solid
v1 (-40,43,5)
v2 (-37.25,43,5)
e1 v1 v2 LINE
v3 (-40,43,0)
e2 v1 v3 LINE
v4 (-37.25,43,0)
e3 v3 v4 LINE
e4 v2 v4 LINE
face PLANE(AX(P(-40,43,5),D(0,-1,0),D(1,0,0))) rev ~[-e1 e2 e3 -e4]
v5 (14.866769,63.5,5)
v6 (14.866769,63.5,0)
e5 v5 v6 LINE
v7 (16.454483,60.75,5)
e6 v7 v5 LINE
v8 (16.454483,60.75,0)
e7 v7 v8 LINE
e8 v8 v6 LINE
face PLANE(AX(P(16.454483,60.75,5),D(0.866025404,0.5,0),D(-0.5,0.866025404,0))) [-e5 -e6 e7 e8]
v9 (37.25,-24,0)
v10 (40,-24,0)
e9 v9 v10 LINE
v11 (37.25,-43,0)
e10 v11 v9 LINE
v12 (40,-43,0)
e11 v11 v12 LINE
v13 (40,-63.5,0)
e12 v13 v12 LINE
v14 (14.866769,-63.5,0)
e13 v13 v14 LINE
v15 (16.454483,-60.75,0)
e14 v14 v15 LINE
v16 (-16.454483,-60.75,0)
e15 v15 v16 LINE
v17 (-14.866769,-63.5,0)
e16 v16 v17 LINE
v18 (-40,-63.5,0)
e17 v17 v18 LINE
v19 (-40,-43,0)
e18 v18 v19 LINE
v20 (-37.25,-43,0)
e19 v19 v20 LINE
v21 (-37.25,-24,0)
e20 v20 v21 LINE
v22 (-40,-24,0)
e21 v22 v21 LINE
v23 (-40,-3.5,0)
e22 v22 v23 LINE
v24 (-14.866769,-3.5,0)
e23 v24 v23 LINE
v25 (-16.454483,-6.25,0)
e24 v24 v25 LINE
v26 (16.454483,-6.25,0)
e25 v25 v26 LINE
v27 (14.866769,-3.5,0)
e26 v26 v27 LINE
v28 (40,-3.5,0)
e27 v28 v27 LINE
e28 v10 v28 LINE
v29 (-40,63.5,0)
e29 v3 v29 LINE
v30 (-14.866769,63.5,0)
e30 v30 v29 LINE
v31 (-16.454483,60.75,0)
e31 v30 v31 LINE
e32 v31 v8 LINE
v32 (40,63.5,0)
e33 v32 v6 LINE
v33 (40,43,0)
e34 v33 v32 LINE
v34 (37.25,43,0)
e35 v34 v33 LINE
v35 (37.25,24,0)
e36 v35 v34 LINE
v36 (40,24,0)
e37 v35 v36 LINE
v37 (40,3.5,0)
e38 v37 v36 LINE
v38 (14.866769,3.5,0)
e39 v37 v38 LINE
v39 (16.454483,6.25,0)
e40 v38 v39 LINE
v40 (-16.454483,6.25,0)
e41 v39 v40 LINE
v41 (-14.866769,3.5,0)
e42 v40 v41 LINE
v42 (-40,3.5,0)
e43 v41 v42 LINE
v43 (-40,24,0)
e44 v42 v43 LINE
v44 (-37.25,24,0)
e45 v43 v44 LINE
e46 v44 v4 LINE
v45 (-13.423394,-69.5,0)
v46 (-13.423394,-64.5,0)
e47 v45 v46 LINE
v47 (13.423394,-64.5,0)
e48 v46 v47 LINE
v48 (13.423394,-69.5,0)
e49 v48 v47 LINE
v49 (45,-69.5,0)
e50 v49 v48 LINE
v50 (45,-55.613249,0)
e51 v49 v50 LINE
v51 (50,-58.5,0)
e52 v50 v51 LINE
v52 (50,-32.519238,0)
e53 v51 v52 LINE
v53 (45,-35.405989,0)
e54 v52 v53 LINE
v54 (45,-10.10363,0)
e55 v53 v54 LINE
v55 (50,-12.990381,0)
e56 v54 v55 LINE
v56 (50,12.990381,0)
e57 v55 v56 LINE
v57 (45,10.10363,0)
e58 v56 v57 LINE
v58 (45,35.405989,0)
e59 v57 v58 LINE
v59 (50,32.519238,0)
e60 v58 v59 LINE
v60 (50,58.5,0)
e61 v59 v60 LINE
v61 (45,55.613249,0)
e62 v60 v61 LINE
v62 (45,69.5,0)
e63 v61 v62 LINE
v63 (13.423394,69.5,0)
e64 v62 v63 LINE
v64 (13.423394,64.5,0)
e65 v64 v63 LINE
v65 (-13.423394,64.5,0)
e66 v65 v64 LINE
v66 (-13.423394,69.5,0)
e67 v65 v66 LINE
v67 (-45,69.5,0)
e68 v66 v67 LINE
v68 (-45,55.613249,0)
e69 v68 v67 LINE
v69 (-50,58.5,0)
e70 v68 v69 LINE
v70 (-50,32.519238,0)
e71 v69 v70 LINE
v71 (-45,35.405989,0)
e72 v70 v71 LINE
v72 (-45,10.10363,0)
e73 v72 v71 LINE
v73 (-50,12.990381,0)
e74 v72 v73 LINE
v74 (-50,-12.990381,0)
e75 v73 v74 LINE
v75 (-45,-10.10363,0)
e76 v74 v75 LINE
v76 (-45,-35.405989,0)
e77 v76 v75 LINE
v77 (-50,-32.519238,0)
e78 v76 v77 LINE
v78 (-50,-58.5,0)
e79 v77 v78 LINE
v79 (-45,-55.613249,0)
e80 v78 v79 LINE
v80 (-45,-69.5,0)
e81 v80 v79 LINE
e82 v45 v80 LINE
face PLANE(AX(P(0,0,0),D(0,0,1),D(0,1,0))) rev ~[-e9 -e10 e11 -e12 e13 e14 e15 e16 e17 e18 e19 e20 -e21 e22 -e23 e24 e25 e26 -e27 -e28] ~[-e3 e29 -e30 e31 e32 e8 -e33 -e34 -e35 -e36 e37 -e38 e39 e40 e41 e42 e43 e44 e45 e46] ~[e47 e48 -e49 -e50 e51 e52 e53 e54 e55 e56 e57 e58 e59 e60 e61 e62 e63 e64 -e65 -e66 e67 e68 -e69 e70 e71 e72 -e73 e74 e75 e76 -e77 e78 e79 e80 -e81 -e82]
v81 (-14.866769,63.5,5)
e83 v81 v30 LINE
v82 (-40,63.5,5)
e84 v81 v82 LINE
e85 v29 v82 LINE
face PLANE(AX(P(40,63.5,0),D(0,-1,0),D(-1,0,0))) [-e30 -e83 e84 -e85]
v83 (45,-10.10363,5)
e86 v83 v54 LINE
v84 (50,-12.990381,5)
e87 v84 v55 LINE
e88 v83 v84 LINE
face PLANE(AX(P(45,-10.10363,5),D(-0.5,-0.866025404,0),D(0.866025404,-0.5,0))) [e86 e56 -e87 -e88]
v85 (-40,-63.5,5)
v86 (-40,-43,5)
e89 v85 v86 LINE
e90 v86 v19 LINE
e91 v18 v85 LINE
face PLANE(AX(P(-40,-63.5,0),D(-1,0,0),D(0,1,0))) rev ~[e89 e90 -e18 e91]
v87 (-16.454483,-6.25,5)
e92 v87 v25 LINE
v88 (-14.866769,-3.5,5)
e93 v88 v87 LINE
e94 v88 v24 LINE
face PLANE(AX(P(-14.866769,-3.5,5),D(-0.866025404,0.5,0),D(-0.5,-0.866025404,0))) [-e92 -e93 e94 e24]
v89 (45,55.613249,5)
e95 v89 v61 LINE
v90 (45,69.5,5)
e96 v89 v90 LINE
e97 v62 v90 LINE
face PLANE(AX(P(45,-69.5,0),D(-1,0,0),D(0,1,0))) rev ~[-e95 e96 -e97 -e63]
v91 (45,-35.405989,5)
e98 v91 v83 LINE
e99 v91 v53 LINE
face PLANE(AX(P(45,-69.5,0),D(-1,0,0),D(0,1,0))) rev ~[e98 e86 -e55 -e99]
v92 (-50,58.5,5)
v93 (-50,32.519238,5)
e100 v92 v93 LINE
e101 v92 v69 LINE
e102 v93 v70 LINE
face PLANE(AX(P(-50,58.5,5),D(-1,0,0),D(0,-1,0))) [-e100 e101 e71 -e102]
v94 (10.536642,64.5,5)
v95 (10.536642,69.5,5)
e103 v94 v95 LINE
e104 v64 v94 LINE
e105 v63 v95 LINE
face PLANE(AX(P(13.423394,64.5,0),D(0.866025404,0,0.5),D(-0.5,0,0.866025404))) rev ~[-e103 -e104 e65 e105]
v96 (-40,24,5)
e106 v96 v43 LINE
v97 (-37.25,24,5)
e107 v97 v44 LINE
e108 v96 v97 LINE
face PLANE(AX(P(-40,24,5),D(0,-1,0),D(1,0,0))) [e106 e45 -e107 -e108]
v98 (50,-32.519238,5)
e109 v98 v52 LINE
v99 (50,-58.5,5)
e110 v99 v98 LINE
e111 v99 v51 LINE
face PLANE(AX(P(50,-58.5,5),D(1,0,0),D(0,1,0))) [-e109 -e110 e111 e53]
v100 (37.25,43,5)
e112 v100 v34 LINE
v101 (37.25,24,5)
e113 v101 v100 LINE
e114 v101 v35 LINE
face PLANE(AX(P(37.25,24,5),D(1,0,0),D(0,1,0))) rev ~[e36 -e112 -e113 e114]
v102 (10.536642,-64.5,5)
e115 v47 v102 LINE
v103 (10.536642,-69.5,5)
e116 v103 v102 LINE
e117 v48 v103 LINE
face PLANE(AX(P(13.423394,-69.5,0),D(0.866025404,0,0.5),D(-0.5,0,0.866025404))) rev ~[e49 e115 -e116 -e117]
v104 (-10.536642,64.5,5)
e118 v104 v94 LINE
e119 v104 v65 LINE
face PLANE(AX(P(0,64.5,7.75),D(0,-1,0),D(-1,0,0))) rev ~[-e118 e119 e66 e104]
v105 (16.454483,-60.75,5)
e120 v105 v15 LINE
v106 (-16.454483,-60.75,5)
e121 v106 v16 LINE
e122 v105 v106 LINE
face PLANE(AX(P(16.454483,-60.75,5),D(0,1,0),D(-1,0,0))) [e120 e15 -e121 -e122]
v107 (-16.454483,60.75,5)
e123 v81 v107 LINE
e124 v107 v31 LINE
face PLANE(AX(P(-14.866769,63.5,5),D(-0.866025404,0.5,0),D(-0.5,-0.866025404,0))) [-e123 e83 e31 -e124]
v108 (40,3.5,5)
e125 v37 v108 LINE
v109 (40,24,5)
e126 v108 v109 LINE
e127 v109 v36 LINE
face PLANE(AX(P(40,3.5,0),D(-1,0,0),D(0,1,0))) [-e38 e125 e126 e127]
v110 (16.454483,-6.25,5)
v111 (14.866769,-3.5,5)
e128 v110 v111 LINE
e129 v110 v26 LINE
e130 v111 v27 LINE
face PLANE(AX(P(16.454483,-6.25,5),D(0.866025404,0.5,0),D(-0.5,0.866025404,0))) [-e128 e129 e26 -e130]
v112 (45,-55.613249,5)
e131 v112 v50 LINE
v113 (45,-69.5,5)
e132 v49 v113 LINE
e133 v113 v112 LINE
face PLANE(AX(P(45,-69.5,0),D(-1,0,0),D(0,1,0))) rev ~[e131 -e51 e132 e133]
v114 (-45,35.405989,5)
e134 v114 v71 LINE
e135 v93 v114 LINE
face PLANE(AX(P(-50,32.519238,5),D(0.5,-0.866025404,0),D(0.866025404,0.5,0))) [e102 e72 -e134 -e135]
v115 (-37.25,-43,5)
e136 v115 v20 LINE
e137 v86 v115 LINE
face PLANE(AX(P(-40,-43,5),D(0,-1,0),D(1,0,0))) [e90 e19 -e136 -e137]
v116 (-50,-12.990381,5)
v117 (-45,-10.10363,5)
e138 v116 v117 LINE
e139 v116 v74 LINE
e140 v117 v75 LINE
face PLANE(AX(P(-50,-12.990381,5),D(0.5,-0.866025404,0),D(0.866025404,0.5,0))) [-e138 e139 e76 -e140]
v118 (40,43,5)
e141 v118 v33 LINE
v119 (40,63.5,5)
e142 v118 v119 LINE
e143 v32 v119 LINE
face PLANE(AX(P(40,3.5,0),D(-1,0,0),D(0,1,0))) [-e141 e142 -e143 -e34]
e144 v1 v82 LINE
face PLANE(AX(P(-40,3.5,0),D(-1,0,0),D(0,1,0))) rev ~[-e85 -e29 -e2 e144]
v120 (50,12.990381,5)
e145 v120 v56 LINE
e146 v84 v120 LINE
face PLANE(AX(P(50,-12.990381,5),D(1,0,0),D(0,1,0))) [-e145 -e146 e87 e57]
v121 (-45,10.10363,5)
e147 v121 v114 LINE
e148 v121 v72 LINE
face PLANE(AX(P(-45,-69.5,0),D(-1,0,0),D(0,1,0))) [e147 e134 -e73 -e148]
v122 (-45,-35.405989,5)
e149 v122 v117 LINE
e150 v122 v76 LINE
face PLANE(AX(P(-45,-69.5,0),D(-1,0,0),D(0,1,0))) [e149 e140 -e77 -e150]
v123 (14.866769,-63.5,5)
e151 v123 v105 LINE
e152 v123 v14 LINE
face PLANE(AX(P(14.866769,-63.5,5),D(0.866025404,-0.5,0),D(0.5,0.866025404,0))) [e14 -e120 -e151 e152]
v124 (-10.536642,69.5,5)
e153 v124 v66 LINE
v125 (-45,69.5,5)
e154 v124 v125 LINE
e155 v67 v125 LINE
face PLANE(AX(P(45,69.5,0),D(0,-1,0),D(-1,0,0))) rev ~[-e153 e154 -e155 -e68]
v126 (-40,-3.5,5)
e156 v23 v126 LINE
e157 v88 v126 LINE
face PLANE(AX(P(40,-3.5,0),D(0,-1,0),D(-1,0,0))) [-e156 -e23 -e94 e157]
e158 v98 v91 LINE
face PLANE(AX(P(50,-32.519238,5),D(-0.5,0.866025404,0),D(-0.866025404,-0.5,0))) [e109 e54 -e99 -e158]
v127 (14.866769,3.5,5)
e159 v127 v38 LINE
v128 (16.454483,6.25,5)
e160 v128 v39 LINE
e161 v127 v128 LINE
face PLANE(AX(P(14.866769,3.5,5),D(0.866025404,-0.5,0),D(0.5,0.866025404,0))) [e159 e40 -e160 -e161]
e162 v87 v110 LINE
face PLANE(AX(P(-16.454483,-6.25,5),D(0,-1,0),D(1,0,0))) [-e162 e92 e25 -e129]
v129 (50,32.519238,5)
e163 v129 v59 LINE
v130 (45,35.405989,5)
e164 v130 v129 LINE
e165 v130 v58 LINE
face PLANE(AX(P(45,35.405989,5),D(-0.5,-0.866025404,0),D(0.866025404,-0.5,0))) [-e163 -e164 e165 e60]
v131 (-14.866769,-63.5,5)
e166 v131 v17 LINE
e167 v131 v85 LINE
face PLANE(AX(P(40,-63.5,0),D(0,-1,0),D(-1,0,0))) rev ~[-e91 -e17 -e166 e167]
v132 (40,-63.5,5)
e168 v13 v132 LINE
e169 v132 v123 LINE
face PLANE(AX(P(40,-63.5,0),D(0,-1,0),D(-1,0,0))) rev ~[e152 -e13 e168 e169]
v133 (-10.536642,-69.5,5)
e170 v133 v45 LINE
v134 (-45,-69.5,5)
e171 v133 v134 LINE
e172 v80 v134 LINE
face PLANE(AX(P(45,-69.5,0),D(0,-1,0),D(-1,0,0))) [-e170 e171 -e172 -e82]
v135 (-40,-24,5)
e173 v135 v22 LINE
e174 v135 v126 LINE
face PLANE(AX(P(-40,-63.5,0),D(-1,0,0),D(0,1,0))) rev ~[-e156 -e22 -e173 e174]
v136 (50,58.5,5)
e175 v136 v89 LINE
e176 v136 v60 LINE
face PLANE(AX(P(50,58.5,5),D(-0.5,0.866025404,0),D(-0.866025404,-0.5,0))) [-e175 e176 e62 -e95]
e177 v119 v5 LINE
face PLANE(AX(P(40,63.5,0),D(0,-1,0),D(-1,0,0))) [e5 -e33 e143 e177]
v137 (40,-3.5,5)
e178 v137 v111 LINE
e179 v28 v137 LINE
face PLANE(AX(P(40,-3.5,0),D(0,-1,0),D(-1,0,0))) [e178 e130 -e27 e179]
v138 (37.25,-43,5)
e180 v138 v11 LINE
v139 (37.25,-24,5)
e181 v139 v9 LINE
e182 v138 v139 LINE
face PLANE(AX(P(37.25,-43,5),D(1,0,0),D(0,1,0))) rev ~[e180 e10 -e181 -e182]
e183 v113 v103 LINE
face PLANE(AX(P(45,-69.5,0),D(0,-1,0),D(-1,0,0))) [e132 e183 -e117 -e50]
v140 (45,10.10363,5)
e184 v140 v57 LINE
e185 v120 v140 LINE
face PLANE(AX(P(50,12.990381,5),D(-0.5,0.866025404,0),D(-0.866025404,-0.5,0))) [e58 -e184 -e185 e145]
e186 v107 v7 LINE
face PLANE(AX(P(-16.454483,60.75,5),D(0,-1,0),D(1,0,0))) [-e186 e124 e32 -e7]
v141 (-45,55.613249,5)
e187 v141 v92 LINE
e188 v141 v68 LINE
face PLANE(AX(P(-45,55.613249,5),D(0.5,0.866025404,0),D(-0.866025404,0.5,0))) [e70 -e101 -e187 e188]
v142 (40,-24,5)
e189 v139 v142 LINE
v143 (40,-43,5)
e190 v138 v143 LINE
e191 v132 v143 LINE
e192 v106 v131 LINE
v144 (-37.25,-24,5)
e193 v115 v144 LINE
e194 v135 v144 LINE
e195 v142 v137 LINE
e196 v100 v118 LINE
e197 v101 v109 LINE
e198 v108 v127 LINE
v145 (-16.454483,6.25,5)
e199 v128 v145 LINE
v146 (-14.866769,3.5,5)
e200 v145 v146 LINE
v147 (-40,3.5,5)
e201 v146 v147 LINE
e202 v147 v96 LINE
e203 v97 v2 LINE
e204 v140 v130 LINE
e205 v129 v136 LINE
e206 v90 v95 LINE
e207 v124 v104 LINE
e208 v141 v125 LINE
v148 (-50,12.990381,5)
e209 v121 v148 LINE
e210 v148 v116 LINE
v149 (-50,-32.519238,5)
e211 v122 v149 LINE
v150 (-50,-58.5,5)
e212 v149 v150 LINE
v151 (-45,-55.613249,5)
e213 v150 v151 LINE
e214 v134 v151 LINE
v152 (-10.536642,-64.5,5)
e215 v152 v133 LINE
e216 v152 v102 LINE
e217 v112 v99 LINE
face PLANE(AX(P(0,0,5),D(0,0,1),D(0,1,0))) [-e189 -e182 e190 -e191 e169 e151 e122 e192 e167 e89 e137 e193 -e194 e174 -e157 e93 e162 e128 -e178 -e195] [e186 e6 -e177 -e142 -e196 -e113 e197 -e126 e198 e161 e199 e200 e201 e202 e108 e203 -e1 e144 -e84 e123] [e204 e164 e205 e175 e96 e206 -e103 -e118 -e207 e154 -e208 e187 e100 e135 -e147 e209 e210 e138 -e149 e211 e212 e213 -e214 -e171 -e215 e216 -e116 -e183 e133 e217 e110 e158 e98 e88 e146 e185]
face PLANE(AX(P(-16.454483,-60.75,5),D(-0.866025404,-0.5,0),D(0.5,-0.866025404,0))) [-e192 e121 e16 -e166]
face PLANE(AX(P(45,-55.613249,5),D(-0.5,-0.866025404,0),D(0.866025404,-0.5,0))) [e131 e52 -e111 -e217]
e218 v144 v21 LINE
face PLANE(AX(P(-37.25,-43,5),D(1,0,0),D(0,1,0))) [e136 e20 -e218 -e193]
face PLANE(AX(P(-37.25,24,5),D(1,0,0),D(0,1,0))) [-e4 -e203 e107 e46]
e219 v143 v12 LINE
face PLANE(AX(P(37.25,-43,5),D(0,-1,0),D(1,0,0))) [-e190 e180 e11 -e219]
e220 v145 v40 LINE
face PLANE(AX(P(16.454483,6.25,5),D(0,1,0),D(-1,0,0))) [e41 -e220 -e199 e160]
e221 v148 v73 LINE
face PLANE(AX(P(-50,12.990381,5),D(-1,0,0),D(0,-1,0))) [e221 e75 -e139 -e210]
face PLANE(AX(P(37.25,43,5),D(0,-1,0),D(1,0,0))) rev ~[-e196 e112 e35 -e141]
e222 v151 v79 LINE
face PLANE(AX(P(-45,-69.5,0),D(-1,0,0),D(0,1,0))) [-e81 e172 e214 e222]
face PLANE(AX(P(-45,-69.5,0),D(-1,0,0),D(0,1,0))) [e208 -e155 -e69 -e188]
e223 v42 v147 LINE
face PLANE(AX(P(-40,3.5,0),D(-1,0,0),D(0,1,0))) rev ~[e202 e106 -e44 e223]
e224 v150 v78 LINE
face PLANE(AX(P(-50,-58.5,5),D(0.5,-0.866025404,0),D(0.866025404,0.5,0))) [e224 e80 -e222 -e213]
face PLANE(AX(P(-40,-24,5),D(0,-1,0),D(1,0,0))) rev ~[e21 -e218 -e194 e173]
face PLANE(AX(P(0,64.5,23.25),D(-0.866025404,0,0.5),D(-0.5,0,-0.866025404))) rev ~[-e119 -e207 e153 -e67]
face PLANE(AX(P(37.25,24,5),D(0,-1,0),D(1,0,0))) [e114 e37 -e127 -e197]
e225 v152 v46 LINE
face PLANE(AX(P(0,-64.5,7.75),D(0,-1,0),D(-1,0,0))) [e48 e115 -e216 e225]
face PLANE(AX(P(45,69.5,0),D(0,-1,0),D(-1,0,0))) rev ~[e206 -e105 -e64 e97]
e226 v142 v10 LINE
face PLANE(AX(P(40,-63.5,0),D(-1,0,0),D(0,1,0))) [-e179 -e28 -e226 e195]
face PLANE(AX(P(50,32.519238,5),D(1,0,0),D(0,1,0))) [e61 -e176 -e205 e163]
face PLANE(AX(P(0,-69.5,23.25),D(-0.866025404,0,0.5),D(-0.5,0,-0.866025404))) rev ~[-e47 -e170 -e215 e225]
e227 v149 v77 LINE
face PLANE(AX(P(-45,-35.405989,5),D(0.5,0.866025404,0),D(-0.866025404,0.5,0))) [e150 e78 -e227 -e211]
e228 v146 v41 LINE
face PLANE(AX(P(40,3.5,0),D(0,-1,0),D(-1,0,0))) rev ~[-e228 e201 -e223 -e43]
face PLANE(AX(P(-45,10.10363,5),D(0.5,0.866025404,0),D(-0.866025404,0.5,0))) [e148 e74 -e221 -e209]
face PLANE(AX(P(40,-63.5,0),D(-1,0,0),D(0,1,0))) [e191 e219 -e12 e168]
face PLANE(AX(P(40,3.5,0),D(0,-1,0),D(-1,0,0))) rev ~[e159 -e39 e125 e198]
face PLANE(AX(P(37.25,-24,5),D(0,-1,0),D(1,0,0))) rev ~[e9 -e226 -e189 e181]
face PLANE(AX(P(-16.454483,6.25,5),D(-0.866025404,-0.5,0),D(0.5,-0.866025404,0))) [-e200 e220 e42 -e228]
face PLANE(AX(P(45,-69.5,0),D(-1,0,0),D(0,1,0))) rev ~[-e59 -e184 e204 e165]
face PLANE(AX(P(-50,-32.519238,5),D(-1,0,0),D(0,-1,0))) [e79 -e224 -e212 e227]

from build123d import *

# Parameters (mm, degrees)
SKETCH2_W           = 139
SKETCH2_H           = 90
SKETCH2_W_2         = 60
SKETCH2_H_2         = 80
BOSS_EXTRUDE1_DEPTH = 5
CUT_EXTRUDE5_DEPTH  = 5
CUT_EXTRUDE6_START  = 134
CUT_EXTRUDE6_DEPTH  = 5
SKETCH12_W          = 2.75
SKETCH12_H          = 19
BOSS_EXTRUDE2_DEPTH = 5


with BuildPart() as part:
    # Sketch2 → Boss-Extrude1 (new body)
    with BuildSketch(Plane(origin=(0, 0, 0), x_dir=(0, 1, 0), z_dir=(0, 0, 1))):
        Rectangle(SKETCH2_W, SKETCH2_H)
        with Locations((33.5, 0)):
            Rectangle(SKETCH2_W_2, SKETCH2_H_2, mode=Mode.SUBTRACT)
        with Locations((-33.5, 0)):
            Rectangle(SKETCH2_W_2, SKETCH2_H_2, mode=Mode.SUBTRACT)
    extrude(amount=BOSS_EXTRUDE1_DEPTH)

    # Sketch13 → Cut-Extrude5 (cut)
    with BuildSketch(Plane(origin=(0, -69.5, -60), x_dir=(1, 0, 0), z_dir=(0, 1, 0))):
        Polygon((-13.423393759, -60), (13.423393759, -60), (0, -83.25), align=None)
    extrude(amount=CUT_EXTRUDE5_DEPTH, mode=Mode.SUBTRACT)

    # Sketch13<3> → Cut-Extrude6 (cut)
    with BuildSketch(Plane(origin=(0, -69.5, -60), x_dir=(1, 0, 0), z_dir=(0, 1, 0)).offset(CUT_EXTRUDE6_START)):
        Polygon((-13.423393759, -60), (13.423393759, -60), (0, -83.25), align=None)
    extrude(amount=CUT_EXTRUDE6_DEPTH, mode=Mode.SUBTRACT)

    # Sketch12 → Boss-Extrude2 (add)
    with BuildSketch(Plane.XY.offset(5)):
        Polygon((-50, 32.519237886), (-45, 35.405989232), (-45, 55.613248654), (-50, 58.5), align=None)
        Polygon((-45, -10.103629711), (-45, 10.103629711), (-50, 12.990381057), (-50, -12.990381057), align=None)
        with Locations((-38.625, 33.5)):
            Rectangle(SKETCH12_W, SKETCH12_H)
        Polygon((-45, -55.613248654), (-45, -35.405989232), (-50, -32.519237886), (-50, -58.5), align=None)
        Polygon((-16.454482672, 6.25), (-14.866769432, 3.5), (14.866769432, 3.5), (16.454482672, 6.25), align=None)
        with Locations((-38.625, -33.5)):
            Rectangle(SKETCH12_W, SKETCH12_H)
        Polygon((14.866769432, 63.5), (-14.866769432, 63.5), (-16.454482672, 60.75), (16.454482672, 60.75), align=None)
        Polygon((-14.866769432, -3.5), (-16.454482672, -6.25), (16.454482672, -6.25), (14.866769432, -3.5), align=None)
        Polygon((-16.454482672, -60.75), (-14.866769432, -63.5), (14.866769432, -63.5), (16.454482672, -60.75), align=None)
        Polygon((50, 58.5), (45, 55.613248654), (45, 35.405989232), (50, 32.519237886), align=None)
        with Locations((38.625, 33.5)):
            Rectangle(SKETCH12_W, SKETCH12_H)
        Polygon((45, -35.405989232), (45, -55.613248654), (50, -58.5), (50, -32.519237886), align=None)
        with Locations((38.625, -33.5)):
            Rectangle(SKETCH12_W, SKETCH12_H)
        Polygon((45, 10.103629711), (45, -10.103629711), (50, -12.990381057), (50, 12.990381057), align=None)
    extrude(amount=-BOSS_EXTRUDE2_DEPTH)


solid = part.part
